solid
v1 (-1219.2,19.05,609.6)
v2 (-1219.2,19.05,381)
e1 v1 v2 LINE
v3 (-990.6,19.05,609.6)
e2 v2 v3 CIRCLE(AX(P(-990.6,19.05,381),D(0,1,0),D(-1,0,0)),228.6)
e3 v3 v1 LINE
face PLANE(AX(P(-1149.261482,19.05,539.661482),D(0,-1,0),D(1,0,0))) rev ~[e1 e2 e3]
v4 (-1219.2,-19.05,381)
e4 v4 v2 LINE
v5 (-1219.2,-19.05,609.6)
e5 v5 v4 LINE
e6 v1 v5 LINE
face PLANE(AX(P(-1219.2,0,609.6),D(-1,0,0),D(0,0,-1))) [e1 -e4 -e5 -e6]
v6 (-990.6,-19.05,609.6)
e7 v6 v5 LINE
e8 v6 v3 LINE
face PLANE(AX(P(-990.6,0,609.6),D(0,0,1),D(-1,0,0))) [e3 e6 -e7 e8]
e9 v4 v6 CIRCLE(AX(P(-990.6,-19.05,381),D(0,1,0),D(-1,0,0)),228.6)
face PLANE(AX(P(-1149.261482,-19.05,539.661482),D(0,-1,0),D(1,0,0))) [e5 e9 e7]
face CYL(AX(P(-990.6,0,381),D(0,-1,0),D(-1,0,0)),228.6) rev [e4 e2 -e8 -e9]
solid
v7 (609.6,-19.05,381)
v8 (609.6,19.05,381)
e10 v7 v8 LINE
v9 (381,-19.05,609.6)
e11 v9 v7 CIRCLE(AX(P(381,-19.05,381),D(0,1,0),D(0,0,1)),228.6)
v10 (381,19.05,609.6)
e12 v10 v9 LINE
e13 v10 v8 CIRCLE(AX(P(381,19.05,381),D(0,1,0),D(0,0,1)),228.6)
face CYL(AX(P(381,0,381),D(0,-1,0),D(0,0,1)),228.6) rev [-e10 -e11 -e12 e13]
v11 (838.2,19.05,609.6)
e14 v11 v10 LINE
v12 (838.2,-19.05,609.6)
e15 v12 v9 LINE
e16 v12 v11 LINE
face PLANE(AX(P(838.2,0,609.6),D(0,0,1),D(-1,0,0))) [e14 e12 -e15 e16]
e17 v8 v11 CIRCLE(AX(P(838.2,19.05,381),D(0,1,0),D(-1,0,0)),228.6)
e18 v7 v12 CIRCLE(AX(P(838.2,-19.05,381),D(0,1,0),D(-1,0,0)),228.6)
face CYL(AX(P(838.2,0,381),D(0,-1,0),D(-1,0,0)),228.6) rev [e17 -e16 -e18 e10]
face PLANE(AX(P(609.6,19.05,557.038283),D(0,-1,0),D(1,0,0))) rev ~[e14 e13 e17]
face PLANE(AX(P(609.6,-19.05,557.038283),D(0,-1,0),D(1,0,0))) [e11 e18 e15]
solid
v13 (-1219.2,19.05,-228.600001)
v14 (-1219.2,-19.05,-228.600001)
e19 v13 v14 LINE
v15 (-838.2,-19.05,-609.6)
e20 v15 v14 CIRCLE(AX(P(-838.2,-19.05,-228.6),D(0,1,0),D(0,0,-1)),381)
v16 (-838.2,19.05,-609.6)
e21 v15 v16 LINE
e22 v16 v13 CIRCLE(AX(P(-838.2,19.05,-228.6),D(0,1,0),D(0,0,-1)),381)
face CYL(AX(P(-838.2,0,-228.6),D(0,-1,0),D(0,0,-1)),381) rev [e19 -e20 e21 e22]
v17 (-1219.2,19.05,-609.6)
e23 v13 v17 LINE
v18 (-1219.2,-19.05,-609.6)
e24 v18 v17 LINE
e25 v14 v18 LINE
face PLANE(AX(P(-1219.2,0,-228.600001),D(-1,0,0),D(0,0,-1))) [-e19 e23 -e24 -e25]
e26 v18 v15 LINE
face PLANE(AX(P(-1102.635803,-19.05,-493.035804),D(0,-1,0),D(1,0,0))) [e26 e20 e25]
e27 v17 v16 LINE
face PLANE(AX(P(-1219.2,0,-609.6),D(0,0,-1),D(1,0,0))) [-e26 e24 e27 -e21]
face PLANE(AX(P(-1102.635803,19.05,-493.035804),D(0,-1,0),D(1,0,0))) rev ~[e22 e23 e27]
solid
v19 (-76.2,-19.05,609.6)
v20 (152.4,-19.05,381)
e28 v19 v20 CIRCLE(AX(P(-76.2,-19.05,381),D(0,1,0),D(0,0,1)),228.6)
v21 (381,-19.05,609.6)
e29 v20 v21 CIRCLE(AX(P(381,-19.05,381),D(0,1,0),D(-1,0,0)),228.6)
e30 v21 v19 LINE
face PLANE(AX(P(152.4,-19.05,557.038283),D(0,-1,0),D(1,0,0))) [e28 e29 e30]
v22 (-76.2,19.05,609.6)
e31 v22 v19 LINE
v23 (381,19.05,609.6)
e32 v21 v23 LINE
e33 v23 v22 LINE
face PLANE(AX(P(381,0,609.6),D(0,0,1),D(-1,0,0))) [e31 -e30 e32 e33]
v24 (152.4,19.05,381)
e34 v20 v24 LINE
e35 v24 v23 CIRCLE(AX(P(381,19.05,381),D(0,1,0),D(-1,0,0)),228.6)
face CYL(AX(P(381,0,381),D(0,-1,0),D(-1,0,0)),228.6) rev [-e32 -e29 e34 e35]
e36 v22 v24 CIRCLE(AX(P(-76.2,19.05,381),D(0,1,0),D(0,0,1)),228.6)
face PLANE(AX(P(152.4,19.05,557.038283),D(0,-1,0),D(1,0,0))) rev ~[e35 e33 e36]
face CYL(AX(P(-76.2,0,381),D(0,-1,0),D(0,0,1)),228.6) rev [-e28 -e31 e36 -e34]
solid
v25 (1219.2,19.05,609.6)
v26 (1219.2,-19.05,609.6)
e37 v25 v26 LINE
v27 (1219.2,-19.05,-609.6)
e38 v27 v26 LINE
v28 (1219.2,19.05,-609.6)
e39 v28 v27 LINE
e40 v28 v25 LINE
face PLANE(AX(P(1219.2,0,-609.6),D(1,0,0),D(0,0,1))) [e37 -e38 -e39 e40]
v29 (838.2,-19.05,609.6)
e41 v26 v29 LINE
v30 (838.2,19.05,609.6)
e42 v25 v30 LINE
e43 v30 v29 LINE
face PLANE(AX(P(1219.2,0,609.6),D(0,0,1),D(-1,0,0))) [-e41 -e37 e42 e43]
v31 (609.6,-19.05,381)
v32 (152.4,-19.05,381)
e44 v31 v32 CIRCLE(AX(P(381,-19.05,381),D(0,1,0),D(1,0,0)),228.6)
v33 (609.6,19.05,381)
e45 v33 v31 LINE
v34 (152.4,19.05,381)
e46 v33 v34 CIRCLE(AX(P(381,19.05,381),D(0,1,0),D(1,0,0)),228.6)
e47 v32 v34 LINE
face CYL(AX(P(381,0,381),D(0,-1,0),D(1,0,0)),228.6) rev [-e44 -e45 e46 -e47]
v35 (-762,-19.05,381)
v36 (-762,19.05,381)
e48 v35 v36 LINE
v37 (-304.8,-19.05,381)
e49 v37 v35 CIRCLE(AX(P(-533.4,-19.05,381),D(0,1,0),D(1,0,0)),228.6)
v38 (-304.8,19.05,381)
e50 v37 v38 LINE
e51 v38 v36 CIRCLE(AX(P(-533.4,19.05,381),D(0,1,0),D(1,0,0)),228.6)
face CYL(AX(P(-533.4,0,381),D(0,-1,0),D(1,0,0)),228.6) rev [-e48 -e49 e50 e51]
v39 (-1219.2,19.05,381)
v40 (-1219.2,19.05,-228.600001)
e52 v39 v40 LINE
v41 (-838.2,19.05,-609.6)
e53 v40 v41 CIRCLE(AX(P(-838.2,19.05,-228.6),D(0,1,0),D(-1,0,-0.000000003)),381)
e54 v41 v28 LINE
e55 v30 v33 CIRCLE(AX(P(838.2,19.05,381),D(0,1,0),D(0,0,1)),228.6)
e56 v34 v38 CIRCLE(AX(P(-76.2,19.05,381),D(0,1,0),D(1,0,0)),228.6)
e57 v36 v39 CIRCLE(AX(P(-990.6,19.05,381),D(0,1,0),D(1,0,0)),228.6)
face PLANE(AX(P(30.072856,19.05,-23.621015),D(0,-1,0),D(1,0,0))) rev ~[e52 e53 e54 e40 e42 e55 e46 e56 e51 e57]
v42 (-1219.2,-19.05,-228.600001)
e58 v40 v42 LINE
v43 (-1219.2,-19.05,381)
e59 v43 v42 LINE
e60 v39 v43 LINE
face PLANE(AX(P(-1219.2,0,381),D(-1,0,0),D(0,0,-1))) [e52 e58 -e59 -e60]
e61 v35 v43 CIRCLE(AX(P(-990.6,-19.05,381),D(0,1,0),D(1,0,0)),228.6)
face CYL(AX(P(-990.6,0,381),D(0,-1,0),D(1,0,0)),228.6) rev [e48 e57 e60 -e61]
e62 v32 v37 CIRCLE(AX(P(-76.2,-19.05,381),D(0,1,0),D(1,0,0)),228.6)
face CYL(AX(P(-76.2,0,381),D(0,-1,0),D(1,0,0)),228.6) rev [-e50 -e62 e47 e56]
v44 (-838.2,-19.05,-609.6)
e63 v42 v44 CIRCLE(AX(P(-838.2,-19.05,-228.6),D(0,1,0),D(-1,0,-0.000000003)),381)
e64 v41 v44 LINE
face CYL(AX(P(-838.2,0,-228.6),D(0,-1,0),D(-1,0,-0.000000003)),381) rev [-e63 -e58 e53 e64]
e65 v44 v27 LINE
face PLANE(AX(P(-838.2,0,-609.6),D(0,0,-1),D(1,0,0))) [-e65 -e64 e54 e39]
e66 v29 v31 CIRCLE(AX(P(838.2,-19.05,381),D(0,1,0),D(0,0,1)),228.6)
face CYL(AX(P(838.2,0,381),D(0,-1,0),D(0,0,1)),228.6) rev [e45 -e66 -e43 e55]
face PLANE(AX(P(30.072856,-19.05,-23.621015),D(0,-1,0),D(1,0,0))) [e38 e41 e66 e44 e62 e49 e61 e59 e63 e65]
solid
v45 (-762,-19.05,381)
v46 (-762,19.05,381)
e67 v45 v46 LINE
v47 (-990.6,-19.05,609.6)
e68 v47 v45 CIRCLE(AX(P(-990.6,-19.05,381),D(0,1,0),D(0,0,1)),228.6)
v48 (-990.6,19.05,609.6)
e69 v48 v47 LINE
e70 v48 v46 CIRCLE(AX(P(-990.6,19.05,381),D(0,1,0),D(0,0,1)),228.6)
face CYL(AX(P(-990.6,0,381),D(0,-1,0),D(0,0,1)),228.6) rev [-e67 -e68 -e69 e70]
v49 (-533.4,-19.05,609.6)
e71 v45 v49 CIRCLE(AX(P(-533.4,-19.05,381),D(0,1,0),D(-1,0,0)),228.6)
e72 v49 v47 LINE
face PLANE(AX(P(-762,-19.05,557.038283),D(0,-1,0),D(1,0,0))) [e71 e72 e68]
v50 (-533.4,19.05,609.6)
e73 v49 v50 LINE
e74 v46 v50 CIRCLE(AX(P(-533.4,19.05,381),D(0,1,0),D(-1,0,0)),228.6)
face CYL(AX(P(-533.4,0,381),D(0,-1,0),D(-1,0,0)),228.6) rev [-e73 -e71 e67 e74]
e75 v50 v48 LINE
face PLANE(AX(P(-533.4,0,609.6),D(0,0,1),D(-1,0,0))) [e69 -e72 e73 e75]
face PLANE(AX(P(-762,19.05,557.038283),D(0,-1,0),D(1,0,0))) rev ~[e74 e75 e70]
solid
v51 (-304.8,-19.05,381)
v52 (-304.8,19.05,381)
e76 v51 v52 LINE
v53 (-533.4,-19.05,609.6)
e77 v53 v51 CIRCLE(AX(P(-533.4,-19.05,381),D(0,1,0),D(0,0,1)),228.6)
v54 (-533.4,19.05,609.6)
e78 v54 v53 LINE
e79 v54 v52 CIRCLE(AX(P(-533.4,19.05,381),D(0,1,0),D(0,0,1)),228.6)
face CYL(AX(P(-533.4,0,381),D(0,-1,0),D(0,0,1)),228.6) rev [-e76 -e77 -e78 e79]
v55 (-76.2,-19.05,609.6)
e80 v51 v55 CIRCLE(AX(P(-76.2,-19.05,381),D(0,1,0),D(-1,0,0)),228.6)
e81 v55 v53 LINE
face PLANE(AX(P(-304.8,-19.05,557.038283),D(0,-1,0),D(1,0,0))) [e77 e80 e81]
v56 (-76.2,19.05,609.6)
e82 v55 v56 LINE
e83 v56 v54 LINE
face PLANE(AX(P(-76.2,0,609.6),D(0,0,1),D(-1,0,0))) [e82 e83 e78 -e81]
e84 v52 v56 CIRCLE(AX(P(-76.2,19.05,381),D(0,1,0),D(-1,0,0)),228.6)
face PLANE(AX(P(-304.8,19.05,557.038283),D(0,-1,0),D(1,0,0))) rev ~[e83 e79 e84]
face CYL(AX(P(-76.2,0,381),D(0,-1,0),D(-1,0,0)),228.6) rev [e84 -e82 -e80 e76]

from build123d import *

# Parameters (mm, degrees)
F1_DEPTH = 19.05


with BuildPart() as f1:
    # F0 (on Front) → F1 (new body, symmetric)
    with BuildSketch(Plane.XZ):
        with BuildLine():
            Line((-990.6, 609.6), (-1219.2, 609.6))
            Line((-1219.2, 609.6), (-1219.2, 381))
            ThreePointArc((-1219.2, 381), (-1152.2446101792, 542.6446101792), (-990.6, 609.6))
        make_face()
    extrude(amount=F1_DEPTH, both=True)


with BuildPart() as f1b:
    # F0 (on Front) → F1, piece 2 (new body, symmetric)
    with BuildSketch(Plane.XZ):
        with BuildLine():
            Line((-533.4, 609.6), (-990.6, 609.6))
            ThreePointArc((-990.6, 609.6), (-828.9553898208, 542.6446101792), (-762, 381))
            ThreePointArc((-762, 381), (-695.0446101792, 542.6446101792), (-533.4, 609.6))
        make_face()
    extrude(amount=F1_DEPTH, both=True)


with BuildPart() as f1c:
    # F0 (on Front) → F1, piece 3 (new body, symmetric)
    with BuildSketch(Plane.XZ):
        with BuildLine():
            Line((-76.2, 609.6), (-533.4, 609.6))
            ThreePointArc((-533.4, 609.6), (-371.7553898208, 542.6446101792), (-304.8, 381))
            ThreePointArc((-304.8, 381), (-237.8446101792, 542.6446101792), (-76.2, 609.6))
        make_face()
    extrude(amount=F1_DEPTH, both=True)


with BuildPart() as f1d:
    # F0 (on Front) → F1, piece 4 (new body, symmetric)
    with BuildSketch(Plane.XZ):
        with BuildLine():
            Line((381, 609.6), (-76.2, 609.6))
            ThreePointArc((-76.2, 609.6), (85.4446101792, 542.6446101792), (152.4, 381))
            ThreePointArc((152.4, 381), (219.3553898208, 542.6446101792), (381, 609.6))
        make_face()
    extrude(amount=F1_DEPTH, both=True)


with BuildPart() as f1e:
    # F0 (on Front) → F1, piece 5 (new body, symmetric)
    with BuildSketch(Plane.XZ):
        with BuildLine():
            Line((838.2, 609.6), (381, 609.6))
            ThreePointArc((381, 609.6), (542.6446101792, 542.6446101792), (609.6, 381))
            ThreePointArc((609.6, 381), (676.5553898208, 542.6446101792), (838.2, 609.6))
        make_face()
    extrude(amount=F1_DEPTH, both=True)


with BuildPart() as f1f:
    # F0 (on Front) → F1, piece 6 (new body, symmetric)
    with BuildSketch(Plane.XZ):
        with BuildLine():
            ThreePointArc((-762, 381), (-990.6, 152.4), (-1219.2, 381))
            Line((-1219.2, 381), (-1219.2, -228.6000010031))
            ThreePointArc((-1219.2, -228.6000010031), (-838.2000005016, 152.4), (-457.2, -228.6))
            ThreePointArc((-457.2, -228.6), (-568.7923163679, -498.0076836321), (-838.2, -609.6))
            Line((-838.2, -609.6), (1219.2, -609.6))
            Line((1219.2, -609.6), (1219.2, 609.6))
            Line((1219.2, 609.6), (838.2, 609.6))
            ThreePointArc((838.2, 609.6), (999.8446101792, 542.6446101792), (1066.8, 381))
            ThreePointArc((1066.8, 381), (838.2, 152.4), (609.6, 381))
            ThreePointArc((609.6, 381), (381, 152.4), (152.4, 381))
            ThreePointArc((152.4, 381), (-76.2, 152.4), (-304.8, 381))
            ThreePointArc((-304.8, 381), (-533.4, 152.4), (-762, 381))
        make_face()
    extrude(amount=F1_DEPTH, both=True)


with BuildPart() as f1g:
    # F0 (on Front) → F1, piece 7 (new body, symmetric)
    with BuildSketch(Plane.XZ):
        with BuildLine():
            ThreePointArc((-838.2, -609.6), (-1107.6076832774, -498.0076839867), (-1219.2, -228.6000010031))
            Line((-1219.2, -228.6000010031), (-1219.2, -609.6))
            Line((-1219.2, -609.6), (-838.2, -609.6))
        make_face()
    extrude(amount=F1_DEPTH, both=True)


solid = Compound([f1.part, f1b.part, f1c.part, f1d.part, f1e.part, f1f.part, f1g.part])
